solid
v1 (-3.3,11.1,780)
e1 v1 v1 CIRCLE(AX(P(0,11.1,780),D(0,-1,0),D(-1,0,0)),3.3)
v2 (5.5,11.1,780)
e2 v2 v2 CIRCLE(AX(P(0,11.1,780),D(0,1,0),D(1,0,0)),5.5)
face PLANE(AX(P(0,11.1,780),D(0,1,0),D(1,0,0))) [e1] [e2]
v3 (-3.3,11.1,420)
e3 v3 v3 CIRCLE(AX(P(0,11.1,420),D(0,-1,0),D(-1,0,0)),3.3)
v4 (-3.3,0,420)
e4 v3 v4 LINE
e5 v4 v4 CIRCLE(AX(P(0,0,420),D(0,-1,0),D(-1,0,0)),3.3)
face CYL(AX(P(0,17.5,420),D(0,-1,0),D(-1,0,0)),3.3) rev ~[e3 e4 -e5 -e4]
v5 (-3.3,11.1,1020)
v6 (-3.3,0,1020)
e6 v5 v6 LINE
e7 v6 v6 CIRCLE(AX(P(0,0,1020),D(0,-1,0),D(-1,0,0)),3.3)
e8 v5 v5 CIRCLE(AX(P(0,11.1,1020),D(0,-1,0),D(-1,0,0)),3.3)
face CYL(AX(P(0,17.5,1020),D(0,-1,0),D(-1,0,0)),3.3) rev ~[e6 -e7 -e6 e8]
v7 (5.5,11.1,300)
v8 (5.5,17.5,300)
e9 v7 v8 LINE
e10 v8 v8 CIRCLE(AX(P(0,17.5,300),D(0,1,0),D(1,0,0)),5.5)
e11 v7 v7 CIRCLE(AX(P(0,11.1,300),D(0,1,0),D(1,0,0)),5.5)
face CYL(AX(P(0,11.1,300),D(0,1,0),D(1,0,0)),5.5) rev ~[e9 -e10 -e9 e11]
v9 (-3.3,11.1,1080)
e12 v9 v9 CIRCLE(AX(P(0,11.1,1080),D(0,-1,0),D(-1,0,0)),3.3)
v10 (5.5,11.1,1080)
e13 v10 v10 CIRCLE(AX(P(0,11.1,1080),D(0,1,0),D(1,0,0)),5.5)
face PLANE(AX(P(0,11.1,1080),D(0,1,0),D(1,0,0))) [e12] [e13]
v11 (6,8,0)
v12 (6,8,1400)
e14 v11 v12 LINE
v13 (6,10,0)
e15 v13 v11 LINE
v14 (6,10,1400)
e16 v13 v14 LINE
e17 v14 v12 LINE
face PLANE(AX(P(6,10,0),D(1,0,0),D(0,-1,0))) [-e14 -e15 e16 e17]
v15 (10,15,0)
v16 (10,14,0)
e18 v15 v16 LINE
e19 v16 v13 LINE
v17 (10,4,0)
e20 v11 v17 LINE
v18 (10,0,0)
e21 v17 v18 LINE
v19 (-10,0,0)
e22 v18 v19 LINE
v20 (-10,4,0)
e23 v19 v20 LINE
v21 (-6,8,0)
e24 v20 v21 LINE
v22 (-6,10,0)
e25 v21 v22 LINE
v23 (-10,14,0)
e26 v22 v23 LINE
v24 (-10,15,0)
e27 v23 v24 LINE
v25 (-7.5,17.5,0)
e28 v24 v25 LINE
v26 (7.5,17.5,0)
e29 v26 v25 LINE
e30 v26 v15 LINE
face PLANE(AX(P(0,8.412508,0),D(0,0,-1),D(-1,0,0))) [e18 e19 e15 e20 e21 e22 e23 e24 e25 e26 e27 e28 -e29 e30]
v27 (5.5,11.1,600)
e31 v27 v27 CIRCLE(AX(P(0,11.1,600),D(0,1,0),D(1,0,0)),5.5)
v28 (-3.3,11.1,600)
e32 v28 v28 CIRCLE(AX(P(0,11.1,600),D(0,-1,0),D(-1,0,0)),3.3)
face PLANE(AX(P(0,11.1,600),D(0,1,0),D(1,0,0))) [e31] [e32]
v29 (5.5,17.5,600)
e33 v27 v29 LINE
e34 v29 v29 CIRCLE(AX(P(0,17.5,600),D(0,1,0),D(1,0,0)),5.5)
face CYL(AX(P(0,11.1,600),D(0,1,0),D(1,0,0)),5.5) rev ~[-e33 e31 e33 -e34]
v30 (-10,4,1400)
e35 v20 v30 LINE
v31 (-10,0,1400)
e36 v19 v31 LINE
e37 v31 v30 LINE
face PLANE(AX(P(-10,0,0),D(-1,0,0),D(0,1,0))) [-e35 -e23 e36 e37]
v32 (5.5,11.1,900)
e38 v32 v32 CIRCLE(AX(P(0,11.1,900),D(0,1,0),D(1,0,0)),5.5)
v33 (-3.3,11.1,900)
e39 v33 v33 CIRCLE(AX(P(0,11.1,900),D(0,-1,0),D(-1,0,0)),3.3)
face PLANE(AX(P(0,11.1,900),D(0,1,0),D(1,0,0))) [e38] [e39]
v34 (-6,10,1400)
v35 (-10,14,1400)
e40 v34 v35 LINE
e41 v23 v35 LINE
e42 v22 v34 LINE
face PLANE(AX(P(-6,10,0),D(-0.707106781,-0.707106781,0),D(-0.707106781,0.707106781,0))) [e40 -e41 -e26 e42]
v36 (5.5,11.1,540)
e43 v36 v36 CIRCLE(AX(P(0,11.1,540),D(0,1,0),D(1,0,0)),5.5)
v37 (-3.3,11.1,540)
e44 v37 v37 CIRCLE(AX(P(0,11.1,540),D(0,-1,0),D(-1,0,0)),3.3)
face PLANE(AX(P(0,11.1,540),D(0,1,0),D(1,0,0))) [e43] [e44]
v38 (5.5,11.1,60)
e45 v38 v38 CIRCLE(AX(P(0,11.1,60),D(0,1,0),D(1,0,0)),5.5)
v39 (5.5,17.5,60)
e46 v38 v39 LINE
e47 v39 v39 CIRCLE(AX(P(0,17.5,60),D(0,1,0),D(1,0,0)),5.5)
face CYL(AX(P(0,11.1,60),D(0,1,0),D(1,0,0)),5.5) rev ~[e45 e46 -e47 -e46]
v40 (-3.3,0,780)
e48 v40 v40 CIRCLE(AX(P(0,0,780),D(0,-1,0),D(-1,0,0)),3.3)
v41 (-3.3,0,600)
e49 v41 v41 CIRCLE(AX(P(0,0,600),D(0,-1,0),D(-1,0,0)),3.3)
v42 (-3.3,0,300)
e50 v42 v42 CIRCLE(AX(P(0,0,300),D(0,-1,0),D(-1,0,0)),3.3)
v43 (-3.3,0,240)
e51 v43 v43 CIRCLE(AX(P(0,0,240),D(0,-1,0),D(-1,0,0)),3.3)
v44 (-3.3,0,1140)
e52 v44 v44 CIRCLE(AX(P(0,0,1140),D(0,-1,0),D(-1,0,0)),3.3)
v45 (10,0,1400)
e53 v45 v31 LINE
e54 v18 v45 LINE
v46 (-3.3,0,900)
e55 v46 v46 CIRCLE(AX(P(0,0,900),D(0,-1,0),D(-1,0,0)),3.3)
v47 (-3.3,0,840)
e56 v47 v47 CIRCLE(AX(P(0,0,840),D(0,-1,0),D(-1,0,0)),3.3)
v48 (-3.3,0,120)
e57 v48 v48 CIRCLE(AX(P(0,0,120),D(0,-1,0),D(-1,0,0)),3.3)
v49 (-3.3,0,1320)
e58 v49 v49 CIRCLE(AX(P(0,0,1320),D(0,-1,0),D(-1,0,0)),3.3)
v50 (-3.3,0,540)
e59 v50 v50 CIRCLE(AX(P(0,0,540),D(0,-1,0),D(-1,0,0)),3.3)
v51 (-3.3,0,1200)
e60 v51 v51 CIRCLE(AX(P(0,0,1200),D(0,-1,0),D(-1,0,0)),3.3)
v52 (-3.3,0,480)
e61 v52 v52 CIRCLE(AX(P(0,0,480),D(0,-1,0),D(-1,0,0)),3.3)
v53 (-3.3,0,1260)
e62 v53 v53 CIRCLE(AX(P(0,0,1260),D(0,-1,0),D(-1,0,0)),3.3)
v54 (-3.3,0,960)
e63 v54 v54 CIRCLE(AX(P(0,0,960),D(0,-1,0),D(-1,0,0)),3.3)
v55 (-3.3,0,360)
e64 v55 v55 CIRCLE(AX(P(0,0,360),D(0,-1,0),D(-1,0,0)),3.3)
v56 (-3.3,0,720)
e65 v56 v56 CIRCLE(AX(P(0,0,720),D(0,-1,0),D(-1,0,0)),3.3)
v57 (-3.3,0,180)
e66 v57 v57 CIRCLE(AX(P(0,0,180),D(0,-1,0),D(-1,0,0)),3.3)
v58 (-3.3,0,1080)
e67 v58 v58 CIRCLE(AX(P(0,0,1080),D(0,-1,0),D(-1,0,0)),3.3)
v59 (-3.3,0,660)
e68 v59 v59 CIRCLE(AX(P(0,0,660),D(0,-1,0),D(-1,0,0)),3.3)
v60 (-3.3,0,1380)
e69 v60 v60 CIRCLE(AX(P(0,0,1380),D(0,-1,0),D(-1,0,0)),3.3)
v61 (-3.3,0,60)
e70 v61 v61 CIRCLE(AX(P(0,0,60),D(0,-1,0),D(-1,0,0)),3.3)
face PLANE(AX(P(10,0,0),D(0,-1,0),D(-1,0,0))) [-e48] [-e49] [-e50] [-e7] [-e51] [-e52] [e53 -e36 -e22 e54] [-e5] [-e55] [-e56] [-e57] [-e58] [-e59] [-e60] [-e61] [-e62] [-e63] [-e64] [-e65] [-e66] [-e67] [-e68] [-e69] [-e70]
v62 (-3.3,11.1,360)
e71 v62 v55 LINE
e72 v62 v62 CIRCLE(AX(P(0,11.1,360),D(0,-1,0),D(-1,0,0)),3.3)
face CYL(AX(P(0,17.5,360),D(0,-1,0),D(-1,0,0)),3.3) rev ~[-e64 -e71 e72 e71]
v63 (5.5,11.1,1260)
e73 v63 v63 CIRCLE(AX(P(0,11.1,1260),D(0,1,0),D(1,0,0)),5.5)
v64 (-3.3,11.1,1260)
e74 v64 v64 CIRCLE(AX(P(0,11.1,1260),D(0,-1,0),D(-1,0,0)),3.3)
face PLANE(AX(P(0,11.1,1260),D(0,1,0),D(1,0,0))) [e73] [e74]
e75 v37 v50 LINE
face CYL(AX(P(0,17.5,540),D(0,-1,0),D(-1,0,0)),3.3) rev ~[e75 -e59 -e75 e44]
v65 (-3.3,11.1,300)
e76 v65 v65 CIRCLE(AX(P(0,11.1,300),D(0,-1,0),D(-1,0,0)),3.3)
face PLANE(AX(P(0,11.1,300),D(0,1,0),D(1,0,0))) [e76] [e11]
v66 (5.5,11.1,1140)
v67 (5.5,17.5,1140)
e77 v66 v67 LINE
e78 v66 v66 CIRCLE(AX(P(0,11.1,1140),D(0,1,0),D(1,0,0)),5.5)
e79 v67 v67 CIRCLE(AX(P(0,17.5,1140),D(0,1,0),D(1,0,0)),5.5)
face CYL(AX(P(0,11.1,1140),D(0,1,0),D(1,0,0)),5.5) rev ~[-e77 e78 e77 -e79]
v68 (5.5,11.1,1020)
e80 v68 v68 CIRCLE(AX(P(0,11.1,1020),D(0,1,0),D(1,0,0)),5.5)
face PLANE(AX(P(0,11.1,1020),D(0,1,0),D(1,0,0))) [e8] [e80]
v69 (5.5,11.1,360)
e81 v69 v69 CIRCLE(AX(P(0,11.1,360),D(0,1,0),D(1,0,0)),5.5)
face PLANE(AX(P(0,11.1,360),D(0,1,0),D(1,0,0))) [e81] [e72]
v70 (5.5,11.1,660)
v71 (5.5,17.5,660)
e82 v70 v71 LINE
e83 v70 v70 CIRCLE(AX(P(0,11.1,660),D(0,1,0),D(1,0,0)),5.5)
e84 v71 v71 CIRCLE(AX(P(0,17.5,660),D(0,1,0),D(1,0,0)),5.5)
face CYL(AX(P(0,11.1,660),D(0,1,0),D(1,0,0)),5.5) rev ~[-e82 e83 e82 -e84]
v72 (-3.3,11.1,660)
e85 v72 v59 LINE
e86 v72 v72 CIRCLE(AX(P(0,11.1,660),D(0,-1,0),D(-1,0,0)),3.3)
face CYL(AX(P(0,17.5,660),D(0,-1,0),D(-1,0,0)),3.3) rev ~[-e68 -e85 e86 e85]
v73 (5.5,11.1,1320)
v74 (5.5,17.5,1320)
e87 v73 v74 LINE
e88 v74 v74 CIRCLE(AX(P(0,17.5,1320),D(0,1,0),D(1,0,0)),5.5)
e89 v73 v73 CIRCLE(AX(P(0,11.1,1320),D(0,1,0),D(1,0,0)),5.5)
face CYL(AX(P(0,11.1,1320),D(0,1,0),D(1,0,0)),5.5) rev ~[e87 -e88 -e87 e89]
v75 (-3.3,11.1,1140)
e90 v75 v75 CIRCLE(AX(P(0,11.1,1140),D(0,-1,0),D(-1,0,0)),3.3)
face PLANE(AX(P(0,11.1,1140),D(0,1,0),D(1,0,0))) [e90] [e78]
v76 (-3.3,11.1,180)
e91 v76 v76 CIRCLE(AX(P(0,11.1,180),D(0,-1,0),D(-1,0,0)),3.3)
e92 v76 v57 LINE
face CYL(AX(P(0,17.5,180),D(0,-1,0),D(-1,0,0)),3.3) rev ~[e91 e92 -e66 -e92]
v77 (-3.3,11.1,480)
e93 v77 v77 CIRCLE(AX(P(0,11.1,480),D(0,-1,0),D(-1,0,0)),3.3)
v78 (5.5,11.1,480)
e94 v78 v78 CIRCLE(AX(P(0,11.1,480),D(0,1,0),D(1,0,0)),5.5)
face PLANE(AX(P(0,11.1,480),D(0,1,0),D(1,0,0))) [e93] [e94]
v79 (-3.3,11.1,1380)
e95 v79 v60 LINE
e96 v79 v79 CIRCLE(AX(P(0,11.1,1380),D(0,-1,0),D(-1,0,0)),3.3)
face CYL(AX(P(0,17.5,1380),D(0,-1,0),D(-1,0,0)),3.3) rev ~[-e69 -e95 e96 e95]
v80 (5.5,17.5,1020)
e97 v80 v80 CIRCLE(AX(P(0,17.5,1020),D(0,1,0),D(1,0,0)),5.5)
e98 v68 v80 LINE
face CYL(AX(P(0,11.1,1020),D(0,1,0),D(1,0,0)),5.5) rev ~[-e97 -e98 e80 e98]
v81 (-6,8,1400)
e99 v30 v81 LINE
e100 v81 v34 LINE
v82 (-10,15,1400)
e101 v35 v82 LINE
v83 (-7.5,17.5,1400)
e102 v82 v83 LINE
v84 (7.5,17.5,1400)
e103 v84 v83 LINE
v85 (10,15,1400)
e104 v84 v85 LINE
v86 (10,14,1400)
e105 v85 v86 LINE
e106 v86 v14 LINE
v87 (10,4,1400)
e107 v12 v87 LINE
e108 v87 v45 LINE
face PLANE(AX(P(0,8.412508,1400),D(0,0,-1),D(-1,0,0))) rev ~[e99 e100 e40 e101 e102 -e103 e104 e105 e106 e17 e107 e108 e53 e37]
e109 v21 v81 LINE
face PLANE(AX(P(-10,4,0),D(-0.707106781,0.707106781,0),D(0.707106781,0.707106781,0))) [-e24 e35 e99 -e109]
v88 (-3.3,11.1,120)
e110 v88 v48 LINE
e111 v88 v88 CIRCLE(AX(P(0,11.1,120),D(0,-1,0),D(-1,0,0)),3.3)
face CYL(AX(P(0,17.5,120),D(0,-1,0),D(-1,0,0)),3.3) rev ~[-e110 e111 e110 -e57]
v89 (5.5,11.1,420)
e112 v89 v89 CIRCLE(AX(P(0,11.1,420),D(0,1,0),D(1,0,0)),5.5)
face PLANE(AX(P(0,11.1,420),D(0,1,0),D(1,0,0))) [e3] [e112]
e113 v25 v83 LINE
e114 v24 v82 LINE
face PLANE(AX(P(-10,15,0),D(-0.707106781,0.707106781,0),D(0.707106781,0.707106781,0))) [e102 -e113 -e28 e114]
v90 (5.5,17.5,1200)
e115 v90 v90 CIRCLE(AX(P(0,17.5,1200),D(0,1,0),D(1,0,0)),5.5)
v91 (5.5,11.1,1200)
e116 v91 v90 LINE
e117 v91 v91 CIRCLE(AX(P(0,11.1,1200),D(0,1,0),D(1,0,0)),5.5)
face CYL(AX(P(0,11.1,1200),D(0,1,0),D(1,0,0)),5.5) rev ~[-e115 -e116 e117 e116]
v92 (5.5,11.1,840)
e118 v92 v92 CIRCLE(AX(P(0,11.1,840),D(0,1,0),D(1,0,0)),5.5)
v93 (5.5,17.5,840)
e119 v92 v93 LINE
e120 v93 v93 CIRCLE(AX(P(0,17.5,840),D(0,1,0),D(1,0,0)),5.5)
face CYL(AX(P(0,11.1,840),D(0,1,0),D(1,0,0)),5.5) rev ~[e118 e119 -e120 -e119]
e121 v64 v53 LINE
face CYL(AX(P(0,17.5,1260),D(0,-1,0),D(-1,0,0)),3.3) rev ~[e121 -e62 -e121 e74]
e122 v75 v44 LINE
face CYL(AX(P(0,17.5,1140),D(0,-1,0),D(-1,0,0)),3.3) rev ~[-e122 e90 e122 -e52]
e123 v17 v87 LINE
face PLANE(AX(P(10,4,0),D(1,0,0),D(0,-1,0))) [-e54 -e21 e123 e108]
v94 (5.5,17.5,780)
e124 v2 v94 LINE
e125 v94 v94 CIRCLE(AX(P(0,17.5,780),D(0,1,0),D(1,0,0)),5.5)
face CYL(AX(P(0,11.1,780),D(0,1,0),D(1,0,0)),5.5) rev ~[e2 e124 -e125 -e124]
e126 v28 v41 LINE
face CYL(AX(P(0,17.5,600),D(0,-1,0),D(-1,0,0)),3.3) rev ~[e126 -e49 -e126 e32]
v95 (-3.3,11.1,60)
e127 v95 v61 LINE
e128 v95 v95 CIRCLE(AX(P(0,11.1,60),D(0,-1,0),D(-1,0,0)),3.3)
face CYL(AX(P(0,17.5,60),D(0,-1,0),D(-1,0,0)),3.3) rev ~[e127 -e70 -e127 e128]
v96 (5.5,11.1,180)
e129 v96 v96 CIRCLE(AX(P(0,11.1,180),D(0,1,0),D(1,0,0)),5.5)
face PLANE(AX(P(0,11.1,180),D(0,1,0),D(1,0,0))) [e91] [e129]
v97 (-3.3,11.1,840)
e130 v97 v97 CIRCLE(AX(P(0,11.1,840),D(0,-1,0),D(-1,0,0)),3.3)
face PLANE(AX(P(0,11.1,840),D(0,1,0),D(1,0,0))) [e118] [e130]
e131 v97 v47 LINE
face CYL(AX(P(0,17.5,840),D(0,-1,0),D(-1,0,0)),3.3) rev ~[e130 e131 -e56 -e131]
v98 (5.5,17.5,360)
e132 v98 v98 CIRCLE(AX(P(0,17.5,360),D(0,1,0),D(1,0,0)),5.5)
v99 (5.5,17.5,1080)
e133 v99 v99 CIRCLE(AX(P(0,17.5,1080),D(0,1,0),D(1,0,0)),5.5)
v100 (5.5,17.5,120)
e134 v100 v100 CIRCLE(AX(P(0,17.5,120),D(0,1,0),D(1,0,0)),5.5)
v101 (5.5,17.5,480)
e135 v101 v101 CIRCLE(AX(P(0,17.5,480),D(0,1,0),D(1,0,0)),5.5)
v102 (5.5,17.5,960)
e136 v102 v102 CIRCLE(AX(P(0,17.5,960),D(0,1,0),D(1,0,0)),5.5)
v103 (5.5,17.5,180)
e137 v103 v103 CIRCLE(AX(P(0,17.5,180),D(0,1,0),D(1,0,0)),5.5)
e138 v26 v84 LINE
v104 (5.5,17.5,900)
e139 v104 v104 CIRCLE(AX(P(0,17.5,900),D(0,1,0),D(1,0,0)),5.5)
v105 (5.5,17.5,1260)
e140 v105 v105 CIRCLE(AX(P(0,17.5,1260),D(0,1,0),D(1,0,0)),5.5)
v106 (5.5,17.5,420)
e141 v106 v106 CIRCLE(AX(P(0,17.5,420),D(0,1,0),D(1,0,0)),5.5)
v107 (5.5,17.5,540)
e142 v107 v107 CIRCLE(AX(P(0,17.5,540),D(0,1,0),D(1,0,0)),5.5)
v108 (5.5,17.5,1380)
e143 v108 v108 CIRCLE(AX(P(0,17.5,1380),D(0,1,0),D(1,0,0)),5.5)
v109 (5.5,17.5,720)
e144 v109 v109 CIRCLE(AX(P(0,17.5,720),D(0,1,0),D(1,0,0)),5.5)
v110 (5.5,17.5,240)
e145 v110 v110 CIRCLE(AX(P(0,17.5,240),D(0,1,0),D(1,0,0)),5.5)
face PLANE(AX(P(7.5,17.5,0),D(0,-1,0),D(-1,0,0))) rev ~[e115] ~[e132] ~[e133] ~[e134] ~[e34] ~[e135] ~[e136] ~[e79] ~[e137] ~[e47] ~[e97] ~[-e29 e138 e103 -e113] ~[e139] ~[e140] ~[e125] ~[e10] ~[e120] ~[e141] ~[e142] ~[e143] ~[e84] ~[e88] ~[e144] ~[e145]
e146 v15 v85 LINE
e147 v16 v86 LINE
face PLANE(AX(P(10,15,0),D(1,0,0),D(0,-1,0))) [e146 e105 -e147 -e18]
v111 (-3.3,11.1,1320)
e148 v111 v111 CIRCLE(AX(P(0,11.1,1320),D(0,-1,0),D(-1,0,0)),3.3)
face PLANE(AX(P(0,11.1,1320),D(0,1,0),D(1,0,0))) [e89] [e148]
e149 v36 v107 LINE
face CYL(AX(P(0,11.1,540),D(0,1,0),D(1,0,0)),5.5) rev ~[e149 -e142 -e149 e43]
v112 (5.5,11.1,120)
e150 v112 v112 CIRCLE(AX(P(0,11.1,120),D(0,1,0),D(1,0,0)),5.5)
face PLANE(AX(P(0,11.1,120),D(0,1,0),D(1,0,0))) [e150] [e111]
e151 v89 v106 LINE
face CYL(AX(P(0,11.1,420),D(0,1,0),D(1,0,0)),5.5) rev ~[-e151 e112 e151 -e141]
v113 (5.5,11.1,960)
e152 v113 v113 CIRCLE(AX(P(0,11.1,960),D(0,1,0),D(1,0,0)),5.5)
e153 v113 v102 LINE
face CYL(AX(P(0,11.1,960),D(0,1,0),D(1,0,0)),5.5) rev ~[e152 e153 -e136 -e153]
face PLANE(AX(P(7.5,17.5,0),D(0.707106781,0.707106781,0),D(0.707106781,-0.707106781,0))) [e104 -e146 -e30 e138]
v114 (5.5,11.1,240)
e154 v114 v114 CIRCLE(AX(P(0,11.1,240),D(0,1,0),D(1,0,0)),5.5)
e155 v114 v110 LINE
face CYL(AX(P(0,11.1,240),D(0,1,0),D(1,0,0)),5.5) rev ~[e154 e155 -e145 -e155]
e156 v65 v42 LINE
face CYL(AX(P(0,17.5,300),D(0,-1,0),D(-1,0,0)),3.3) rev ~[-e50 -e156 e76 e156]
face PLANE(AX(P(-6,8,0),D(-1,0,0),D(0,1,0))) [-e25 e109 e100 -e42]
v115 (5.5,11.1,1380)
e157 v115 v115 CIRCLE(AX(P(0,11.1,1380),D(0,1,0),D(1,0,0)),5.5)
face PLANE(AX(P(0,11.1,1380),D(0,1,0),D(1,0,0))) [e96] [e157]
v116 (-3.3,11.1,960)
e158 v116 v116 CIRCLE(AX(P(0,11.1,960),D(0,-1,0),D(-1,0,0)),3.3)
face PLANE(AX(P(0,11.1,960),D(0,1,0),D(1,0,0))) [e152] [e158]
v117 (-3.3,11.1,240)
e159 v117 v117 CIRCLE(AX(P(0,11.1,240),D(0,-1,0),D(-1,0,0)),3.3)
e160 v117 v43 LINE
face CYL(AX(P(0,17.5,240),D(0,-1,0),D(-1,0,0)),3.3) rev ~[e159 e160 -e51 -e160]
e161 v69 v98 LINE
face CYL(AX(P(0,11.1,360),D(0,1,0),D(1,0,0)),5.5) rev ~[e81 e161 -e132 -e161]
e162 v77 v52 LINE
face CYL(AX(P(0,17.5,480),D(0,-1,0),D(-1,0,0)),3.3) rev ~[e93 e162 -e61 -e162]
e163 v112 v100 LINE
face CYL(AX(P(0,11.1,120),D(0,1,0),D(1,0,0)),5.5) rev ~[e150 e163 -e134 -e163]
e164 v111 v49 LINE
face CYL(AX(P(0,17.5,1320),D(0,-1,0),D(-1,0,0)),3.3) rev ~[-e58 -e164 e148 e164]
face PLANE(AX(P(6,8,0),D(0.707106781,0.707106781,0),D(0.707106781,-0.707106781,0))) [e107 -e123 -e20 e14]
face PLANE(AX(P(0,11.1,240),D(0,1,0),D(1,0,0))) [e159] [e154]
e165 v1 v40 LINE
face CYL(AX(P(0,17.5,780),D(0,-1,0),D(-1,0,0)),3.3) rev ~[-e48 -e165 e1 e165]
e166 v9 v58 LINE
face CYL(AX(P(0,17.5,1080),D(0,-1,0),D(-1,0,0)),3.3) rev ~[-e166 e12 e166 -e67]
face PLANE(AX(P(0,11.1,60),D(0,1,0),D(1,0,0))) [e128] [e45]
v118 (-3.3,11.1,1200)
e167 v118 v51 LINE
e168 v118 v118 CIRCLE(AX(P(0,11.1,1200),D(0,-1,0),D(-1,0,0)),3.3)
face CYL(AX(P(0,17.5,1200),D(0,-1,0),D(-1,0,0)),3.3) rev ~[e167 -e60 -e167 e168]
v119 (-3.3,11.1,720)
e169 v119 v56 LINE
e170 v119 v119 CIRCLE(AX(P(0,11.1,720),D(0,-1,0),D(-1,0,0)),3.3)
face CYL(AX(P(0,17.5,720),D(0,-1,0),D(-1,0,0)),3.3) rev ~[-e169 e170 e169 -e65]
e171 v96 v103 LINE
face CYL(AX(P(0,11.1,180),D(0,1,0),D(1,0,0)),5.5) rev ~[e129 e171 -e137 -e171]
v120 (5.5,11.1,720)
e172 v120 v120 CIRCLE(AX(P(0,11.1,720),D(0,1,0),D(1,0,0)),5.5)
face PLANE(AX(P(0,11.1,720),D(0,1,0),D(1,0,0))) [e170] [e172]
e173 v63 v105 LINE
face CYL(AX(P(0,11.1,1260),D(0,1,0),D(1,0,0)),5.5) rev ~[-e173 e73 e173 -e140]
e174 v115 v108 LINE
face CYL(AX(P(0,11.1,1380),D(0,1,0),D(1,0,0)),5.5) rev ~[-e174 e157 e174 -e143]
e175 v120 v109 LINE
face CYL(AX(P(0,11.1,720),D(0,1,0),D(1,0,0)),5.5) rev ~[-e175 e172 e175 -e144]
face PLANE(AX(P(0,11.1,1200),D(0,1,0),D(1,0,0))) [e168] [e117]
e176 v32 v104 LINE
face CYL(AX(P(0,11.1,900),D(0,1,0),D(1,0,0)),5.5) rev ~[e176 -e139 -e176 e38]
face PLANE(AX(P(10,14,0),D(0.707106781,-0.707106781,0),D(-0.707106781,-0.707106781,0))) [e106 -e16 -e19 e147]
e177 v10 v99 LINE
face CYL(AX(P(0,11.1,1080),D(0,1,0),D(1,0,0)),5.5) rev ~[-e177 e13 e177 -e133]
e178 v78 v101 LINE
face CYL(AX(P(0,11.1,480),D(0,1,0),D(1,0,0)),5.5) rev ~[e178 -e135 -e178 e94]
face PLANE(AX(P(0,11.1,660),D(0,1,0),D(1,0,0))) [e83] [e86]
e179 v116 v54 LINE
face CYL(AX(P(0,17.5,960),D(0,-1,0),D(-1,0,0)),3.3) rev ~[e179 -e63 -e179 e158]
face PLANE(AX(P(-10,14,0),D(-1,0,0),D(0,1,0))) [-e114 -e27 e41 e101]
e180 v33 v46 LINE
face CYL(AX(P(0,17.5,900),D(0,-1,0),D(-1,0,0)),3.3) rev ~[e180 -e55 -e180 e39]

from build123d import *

# Parameters (mm, degrees)
DODANIE_WYCI_GNI_CIE1_DEPTH                         = 1400
POG_BIENIE_WALCOWE_POD_M6_WKR_T_Z_BEM_W_D           = 6.6
POG_BIENIE_WALCOWE_POD_M6_WKR_T_Z_BEM_W_CBORE_D     = 11
POG_BIENIE_WALCOWE_POD_M6_WKR_T_Z_BEM_W_CBORE_DEPTH = 6.4
SZYK_LINIOWY1_COUNT                                 = 23
SZYK_LINIOWY1_PITCH                                 = 60


with BuildPart() as part:
    # Szkic1 → Dodanie-wyciągnięcie1 (new body)
    with BuildSketch(Plane.XY):
        Polygon((10, 0), (-10, 0), (-10, 4), (-6, 8), (-6, 10), (-10, 14), (-10, 15), (-7.5, 17.5), (0, 17.5), (7.5, 17.5), (10, 15), (10, 14), (6, 10), (6, 8), (10, 4), align=None)
    extrude(amount=DODANIE_WYCI_GNI_CIE1_DEPTH)

    # Pogłębienie walcowe pod M6 Wkręt z łbem walcowym z gniazdem sześciokątnym1 (through all)
    with Locations(Plane(origin=(0, 17.5, 0), x_dir=(1, 0, 0), z_dir=(0, 1, 0))):
        with Locations((0, -1380)):
            pog_bienie_walcowe_pod_m6_wkr_t_z_bem_w = CounterBoreHole(POG_BIENIE_WALCOWE_POD_M6_WKR_T_Z_BEM_W_D / 2, POG_BIENIE_WALCOWE_POD_M6_WKR_T_Z_BEM_W_CBORE_D / 2, POG_BIENIE_WALCOWE_POD_M6_WKR_T_Z_BEM_W_CBORE_DEPTH)

    # Szyk liniowy1: Pogłębienie walcowe pod M6 Wkręt z łbem walcowym z gniazdem sześciokątnym1 ×23
    with Locations(*[(0, 0, -i * SZYK_LINIOWY1_PITCH) for i in range(1, SZYK_LINIOWY1_COUNT)]):
        add(pog_bienie_walcowe_pod_m6_wkr_t_z_bem_w, mode=Mode.SUBTRACT)


solid = part.part
